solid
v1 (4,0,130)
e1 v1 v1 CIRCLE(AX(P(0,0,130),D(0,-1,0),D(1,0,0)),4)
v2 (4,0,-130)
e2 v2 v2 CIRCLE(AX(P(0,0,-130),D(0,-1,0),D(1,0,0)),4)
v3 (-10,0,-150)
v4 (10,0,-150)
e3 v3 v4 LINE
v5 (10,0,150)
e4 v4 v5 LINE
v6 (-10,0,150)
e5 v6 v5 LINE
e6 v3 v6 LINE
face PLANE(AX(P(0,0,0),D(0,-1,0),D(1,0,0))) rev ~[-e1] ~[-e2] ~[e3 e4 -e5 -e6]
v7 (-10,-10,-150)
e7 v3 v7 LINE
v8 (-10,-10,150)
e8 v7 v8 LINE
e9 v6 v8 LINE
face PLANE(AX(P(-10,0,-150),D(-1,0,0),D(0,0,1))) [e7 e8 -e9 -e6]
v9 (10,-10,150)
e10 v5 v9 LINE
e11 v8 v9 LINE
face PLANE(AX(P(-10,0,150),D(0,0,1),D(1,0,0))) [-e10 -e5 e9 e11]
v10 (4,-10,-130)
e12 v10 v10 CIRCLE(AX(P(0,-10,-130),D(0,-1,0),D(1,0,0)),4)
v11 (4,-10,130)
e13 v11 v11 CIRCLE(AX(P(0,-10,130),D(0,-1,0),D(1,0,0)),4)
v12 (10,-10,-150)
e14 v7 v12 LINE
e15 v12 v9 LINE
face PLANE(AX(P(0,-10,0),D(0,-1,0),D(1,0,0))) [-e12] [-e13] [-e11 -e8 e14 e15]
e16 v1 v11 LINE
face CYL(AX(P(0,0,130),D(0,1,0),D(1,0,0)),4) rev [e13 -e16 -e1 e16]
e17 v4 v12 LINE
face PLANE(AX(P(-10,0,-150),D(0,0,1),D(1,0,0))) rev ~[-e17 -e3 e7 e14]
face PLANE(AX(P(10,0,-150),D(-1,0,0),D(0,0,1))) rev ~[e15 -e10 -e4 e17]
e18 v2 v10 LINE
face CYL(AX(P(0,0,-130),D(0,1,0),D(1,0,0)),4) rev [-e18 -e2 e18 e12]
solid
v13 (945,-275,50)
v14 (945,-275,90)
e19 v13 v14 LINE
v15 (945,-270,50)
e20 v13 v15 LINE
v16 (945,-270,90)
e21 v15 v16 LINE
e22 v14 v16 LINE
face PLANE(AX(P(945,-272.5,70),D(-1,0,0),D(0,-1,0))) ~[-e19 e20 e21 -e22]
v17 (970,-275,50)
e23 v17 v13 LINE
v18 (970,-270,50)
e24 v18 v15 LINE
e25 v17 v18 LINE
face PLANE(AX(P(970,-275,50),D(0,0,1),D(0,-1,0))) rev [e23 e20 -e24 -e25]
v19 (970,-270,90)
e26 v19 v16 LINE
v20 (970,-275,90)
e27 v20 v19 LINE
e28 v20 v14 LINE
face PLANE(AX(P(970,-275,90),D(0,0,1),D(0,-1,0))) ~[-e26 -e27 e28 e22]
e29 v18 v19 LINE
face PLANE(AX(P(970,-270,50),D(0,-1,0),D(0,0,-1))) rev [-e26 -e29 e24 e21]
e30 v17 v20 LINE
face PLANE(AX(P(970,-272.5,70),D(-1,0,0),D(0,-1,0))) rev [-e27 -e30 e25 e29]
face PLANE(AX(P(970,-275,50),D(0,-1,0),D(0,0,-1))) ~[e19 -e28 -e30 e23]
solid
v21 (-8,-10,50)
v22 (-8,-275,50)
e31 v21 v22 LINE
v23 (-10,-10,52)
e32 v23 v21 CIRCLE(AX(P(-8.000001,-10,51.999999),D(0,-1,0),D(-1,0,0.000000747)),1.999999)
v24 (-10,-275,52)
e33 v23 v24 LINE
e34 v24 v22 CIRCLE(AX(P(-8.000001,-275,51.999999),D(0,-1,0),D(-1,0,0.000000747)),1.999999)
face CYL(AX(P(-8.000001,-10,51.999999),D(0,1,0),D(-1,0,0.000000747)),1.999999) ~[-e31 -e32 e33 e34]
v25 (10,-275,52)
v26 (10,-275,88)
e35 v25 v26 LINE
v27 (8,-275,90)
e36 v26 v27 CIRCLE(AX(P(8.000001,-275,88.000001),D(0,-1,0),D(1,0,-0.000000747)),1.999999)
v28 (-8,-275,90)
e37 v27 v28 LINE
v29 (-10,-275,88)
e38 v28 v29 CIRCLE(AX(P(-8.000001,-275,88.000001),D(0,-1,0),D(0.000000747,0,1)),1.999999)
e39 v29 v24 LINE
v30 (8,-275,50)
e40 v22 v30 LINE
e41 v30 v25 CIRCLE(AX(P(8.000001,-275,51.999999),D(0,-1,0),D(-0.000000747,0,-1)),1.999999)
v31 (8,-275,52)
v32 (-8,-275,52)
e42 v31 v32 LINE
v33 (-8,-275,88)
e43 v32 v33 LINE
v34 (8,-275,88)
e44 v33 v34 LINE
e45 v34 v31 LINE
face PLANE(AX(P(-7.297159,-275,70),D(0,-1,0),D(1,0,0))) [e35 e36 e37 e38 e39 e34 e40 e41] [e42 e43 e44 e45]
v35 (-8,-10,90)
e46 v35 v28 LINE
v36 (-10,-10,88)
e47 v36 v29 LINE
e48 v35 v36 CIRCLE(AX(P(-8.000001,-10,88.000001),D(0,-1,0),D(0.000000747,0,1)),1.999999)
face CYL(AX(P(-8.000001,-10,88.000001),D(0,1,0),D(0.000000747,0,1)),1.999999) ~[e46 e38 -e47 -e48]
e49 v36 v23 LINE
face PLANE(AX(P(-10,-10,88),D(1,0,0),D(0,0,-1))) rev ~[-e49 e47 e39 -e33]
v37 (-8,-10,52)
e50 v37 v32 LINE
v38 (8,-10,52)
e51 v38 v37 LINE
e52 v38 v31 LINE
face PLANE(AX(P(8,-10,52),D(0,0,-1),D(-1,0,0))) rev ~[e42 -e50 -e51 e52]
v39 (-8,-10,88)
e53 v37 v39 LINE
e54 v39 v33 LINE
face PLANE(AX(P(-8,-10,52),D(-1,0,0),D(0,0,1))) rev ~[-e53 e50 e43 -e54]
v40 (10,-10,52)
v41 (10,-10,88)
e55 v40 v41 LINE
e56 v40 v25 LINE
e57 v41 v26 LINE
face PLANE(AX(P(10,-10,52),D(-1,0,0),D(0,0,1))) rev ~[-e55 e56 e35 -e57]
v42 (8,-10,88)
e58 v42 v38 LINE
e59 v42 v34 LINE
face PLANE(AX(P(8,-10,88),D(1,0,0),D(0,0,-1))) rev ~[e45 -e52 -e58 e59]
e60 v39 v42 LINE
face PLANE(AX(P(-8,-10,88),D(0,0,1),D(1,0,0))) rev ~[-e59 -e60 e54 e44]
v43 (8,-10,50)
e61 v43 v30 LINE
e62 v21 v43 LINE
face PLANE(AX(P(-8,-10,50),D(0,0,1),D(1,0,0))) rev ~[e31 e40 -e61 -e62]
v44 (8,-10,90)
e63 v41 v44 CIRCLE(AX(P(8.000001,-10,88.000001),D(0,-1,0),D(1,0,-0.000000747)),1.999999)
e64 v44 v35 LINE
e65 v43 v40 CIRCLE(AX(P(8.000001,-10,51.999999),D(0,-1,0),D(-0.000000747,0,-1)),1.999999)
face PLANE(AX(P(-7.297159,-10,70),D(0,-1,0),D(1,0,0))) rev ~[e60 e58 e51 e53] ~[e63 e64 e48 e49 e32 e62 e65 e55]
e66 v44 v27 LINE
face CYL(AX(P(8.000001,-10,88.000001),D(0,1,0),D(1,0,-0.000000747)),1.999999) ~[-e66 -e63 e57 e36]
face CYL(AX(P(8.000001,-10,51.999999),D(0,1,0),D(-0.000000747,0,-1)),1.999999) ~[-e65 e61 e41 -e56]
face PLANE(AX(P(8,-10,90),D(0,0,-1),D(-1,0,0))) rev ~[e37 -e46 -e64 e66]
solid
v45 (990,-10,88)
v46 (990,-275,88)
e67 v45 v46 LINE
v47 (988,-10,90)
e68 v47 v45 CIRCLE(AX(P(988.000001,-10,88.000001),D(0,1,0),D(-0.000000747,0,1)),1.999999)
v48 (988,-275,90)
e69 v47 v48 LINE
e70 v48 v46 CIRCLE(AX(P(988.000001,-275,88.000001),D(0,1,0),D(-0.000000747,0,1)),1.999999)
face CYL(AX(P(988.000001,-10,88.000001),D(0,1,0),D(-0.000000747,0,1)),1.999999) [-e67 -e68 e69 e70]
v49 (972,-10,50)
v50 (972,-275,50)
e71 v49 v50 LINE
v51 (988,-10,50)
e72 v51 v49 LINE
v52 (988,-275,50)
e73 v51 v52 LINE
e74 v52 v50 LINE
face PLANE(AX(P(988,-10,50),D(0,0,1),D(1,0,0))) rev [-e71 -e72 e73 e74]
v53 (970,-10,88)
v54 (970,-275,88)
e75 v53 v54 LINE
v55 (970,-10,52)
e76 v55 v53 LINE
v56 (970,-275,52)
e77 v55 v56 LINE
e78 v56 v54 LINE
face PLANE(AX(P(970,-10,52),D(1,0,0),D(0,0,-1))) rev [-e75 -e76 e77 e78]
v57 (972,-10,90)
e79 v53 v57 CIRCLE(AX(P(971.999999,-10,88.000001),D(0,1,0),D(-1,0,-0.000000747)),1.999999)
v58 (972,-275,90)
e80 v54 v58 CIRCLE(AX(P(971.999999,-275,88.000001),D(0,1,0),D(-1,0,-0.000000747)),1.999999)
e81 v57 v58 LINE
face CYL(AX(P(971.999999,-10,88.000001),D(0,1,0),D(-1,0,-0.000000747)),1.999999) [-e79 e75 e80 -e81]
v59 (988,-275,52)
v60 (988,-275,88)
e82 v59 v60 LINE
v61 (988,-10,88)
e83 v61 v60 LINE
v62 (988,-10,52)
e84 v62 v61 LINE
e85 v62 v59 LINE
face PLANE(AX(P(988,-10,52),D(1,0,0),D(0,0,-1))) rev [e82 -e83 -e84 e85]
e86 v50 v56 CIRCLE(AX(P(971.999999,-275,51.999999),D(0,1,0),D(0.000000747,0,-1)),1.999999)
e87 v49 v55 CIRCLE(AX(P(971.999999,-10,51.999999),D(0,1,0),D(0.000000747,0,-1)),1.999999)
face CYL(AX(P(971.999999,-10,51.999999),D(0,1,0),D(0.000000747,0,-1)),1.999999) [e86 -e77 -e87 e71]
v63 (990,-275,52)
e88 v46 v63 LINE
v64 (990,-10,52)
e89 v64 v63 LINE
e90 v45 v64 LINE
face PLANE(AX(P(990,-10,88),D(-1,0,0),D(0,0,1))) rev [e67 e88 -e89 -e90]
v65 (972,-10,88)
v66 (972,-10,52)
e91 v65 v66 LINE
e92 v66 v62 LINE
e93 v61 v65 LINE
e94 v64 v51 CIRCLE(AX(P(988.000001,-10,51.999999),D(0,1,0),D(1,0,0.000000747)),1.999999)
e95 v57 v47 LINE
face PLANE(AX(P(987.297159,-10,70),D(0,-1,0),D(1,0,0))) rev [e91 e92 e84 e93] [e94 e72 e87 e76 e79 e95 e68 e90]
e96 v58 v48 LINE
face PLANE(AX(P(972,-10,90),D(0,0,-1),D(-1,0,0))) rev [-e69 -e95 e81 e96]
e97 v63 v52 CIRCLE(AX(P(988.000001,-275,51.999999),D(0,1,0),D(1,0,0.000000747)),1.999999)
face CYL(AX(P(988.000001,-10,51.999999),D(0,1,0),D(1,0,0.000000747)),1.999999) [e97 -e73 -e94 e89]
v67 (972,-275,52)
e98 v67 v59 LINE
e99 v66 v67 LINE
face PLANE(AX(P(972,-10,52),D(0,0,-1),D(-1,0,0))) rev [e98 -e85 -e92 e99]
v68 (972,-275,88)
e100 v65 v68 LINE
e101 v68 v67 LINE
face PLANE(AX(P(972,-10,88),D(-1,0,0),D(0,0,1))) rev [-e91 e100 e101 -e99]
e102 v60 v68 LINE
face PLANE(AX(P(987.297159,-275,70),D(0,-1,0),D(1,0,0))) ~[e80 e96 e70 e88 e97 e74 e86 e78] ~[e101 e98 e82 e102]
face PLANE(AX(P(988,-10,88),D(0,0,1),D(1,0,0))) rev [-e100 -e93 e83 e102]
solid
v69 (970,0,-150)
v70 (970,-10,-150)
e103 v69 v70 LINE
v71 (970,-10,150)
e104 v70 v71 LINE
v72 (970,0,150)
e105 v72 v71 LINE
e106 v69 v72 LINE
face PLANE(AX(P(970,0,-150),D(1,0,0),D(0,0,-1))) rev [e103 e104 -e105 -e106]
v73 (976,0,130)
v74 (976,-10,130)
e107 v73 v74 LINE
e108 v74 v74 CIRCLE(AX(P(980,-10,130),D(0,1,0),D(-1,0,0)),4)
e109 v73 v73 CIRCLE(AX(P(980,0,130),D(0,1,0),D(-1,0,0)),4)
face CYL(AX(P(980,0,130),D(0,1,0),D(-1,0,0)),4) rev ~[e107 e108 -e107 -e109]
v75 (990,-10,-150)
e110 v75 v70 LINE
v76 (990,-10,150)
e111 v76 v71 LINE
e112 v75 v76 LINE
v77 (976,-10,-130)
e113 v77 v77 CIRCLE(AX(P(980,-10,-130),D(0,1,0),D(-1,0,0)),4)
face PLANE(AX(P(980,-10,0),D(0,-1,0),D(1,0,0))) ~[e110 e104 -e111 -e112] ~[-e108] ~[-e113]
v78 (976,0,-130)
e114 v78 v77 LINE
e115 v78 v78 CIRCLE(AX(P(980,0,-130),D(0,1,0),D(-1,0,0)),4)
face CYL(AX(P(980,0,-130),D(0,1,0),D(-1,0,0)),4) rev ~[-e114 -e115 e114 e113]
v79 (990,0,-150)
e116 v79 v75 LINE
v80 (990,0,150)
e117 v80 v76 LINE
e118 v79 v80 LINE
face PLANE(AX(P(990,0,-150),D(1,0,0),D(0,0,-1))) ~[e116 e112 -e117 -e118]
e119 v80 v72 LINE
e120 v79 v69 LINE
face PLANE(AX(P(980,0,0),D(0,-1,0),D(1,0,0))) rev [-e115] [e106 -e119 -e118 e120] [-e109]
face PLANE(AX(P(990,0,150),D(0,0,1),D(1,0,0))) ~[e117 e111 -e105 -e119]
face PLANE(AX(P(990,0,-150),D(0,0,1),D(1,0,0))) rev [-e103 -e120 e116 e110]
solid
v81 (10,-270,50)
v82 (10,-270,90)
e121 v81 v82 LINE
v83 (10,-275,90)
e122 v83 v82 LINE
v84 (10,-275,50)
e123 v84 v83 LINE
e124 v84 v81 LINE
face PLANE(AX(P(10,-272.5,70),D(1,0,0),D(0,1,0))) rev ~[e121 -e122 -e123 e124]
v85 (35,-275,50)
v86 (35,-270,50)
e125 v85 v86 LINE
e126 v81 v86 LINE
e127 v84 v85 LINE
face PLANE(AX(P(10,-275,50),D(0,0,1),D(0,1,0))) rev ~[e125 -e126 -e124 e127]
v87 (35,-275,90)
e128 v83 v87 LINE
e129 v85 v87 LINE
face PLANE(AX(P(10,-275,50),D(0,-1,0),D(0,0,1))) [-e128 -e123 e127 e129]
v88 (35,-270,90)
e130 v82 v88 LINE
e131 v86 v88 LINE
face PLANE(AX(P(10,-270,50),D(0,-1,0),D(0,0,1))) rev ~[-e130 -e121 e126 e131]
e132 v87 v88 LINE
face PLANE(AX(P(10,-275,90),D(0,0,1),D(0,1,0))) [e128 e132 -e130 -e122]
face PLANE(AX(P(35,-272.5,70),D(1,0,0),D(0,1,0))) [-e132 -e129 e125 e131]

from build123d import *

# Parameters (mm, degrees)
F0_W     = 20
F0_H     = 300
F0_R     = 4
F1_DEPTH = 10
F3_DEPTH = 265
F6_W     = 5
F6_H     = 40
F7_DEPTH = 25


with BuildPart() as f1:
    # F0 (on Front) → F1 (new body)
    with BuildSketch(Plane.XZ):
        Rectangle(F0_W, F0_H)
        with Locations((0, -130)):
            Circle(F0_R, mode=Mode.SUBTRACT)
        with Locations((0, 130)):
            Circle(F0_R, mode=Mode.SUBTRACT)
    extrude(amount=F1_DEPTH)


with BuildPart() as f3:
    # F2 (on face) → F3 (new body)
    with BuildSketch(Plane.XZ.offset(10)):
        with BuildLine():
            Line((0, 90), (-8, 90))
            ThreePointArc((-8, 90), (-9.414214, 89.414214), (-10, 88))
            Line((-10, 88), (-10, 52))
            ThreePointArc((-10, 52), (-9.414214, 50.585786), (-8, 50))
            Line((-8, 50), (0, 50))
            Line((0, 50), (0, 52))
            Line((0, 52), (-8, 52))
            Line((-8, 52), (-8, 88))
            Line((-8, 88), (0, 88))
            Line((0, 88), (0, 90))
        make_face()
        with BuildLine():
            Line((8, 90), (0, 90))
            Line((0, 90), (0, 88))
            Line((0, 88), (8, 88))
            Line((8, 88), (8, 52))
            Line((8, 52), (0, 52))
            Line((0, 52), (0, 50))
            Line((0, 50), (8, 50))
            ThreePointArc((8, 50), (9.414214, 50.585786), (10, 52))
            Line((10, 52), (10, 88))
            ThreePointArc((10, 88), (9.414214, 89.414214), (8, 90))
        make_face()
    extrude(amount=F3_DEPTH)


with BuildPart() as f7:
    # F6 (on face) → F7 (new body)
    with BuildSketch(Plane.YZ.offset(10)):
        with Locations((-272.5, 70)):
            Rectangle(F6_W, F6_H)
    extrude(amount=F7_DEPTH)


with BuildPart() as f8_1:
    # F8: instance of F1
    add(f1.part.mirror(Plane.YZ.offset(490)))


with BuildPart() as f8_2:
    # F8: instance of F3
    add(f3.part.mirror(Plane.YZ.offset(490)))


with BuildPart() as f8_3:
    # F8: instance of F7
    add(f7.part.mirror(Plane.YZ.offset(490)))


solid = Compound([f1.part, f3.part, f7.part, f8_1.part, f8_2.part, f8_3.part])
